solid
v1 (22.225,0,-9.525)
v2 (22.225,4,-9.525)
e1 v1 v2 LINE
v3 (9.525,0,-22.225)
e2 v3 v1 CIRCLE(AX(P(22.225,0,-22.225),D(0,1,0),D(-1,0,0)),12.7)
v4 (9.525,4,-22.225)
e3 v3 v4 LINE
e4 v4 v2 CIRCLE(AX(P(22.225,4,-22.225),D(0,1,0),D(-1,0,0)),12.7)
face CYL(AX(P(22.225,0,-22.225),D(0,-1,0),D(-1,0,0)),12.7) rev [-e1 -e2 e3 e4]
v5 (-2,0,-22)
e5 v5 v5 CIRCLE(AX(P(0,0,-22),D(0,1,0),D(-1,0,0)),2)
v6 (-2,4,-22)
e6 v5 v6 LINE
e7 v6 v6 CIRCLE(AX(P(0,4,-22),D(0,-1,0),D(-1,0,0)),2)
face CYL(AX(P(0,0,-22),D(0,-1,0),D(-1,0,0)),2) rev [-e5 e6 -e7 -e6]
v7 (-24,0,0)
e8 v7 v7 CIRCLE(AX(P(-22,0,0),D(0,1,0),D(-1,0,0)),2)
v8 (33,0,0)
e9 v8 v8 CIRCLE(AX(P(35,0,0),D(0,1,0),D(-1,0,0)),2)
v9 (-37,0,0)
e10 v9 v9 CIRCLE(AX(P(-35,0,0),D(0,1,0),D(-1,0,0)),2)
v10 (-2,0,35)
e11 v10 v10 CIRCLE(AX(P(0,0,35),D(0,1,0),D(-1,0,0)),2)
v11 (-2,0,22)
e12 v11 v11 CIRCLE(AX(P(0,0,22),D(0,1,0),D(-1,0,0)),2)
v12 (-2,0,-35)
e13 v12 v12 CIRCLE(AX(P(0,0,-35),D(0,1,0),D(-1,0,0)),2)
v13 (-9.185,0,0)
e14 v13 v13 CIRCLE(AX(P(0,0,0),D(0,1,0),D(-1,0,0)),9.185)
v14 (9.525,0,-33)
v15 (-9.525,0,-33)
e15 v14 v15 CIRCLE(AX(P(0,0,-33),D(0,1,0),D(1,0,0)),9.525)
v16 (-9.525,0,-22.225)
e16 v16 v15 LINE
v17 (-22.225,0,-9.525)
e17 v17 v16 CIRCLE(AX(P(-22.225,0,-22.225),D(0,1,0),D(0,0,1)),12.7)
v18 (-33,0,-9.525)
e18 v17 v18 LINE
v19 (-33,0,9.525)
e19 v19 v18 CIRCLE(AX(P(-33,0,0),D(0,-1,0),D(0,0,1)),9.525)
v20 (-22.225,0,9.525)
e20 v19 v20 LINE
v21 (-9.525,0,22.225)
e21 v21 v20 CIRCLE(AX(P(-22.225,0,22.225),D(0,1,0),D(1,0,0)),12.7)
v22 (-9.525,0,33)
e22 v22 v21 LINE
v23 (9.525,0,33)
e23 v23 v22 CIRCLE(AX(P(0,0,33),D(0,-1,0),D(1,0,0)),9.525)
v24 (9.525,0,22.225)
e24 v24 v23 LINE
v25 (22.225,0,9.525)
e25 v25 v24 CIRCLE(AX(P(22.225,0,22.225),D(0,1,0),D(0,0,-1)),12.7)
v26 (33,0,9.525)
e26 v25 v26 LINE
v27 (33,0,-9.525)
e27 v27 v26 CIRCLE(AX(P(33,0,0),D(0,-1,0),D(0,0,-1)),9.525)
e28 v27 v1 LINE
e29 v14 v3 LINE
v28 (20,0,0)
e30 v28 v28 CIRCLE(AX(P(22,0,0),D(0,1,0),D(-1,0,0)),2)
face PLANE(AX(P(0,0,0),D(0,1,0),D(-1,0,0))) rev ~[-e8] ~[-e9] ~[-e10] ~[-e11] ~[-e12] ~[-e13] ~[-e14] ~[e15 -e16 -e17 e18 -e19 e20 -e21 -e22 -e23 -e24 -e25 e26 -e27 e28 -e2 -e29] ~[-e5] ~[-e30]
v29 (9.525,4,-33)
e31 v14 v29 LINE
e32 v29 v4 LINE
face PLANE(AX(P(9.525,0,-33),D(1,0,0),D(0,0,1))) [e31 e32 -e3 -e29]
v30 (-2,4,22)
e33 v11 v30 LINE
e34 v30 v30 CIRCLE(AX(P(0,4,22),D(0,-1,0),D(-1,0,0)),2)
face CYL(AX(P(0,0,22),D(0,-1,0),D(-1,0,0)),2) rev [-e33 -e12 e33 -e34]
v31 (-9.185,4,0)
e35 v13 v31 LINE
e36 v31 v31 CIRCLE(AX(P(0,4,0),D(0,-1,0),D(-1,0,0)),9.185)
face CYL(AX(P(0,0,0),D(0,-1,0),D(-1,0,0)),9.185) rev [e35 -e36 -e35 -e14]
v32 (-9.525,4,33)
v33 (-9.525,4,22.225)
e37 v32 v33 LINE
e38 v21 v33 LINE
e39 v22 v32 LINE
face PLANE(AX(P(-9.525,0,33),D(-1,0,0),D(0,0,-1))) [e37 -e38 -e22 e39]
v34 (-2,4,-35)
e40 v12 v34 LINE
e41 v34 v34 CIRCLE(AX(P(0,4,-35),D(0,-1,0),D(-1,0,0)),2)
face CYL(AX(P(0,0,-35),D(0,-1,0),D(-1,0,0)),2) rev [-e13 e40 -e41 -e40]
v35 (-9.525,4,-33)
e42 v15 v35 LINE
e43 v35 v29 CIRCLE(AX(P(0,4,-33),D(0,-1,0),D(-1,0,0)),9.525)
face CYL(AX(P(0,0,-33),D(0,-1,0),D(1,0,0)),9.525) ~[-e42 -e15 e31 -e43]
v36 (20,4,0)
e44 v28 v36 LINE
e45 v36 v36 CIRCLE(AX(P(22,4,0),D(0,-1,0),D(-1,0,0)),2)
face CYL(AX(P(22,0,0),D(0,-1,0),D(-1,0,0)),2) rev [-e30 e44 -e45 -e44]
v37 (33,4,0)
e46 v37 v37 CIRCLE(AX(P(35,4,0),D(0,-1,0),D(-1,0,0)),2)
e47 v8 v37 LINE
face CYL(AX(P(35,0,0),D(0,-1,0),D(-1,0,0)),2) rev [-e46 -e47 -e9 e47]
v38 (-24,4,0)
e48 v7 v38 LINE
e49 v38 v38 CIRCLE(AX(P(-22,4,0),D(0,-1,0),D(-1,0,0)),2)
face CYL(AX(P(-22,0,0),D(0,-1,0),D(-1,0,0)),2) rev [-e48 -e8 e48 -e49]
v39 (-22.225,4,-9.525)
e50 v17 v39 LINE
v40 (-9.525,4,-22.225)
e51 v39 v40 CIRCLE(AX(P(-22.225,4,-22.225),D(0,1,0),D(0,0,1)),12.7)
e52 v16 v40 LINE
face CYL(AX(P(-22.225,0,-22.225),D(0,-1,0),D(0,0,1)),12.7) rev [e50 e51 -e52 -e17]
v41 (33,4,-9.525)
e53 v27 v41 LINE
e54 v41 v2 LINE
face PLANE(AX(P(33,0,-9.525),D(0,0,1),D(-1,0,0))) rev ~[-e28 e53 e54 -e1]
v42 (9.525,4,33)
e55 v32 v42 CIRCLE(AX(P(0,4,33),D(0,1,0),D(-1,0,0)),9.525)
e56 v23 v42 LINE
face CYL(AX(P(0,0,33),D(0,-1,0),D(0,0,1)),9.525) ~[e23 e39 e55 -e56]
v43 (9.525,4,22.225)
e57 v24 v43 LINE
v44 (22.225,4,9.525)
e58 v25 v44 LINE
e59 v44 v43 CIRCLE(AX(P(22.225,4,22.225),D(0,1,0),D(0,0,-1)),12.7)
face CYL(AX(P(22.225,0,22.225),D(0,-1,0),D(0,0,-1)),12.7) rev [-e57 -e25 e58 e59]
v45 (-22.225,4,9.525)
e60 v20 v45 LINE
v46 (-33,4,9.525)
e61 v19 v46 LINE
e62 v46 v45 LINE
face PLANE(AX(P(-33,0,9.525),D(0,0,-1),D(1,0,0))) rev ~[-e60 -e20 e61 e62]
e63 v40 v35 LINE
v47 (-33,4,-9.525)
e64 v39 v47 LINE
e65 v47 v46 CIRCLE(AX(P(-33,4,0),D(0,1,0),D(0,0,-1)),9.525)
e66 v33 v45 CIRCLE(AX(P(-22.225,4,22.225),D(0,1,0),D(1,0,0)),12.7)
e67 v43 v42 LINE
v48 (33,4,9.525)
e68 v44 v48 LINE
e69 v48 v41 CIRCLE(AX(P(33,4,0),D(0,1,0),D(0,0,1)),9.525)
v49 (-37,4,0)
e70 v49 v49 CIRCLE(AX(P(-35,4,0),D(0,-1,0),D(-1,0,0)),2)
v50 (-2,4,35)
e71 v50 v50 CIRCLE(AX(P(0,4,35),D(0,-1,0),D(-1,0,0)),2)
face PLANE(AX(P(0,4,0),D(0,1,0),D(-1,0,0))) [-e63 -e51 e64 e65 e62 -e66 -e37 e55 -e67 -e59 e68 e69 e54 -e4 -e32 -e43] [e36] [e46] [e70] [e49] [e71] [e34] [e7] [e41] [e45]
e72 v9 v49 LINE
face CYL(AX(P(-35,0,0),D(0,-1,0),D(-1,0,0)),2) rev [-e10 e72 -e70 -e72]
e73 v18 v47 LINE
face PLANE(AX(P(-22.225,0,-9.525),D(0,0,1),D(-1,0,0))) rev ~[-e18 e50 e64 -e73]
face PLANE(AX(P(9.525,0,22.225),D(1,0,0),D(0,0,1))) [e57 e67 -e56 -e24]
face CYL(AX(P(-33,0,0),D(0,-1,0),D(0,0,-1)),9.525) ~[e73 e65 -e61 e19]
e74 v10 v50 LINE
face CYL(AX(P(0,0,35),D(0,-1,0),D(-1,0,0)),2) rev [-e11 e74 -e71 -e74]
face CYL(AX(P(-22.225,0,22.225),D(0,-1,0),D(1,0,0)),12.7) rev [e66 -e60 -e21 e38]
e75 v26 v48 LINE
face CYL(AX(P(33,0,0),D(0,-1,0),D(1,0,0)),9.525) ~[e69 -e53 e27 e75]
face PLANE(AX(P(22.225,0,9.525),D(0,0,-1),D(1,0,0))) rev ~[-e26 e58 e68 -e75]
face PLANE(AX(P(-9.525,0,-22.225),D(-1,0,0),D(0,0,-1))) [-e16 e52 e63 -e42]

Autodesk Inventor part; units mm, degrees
ref_plane "YZ Plane" through (0, 0, 0) normal (1, 0, 0) x (0, 1, 0)
ref_plane "XZ Plane" through (0, 0, 0) normal (0, 1, 0) x (-1, 0, 0)
ref_plane "XY Plane" through (0, 0, 0) normal (0, 0, 1) x (1, 0, 0)
sketch "Sketch1" plane through (0, 0, 0) normal (0, 1, 0) x (-1, 0, 0)
  line L0 (-9.525, -33) -> (-9.525, -22.225)
  line L1 (-9.525, 22.225) -> (-9.525, 33)
  line L2 (33, 9.525) -> (22.225, 9.525)
  line L3 (-22.225, 9.525) -> (-33, 9.525)
  line L4 (9.525, 33) -> (9.525, 22.225)
  line L5 (9.525, -22.225) -> (9.525, -33)
  line L6 (-33, -9.525) -> (-22.225, -9.525)
  line L7 (22.225, -9.525) -> (33, -9.525)
  line L8 (77.6073, 0) -> (-79.7857, 0) projected
  line L9 (0, -77.9019) -> (0, 71.2895) projected
  circle A0 centre (-35, 0) radius 2
  circle A1 centre (-22, 0) radius 2
  circle A2 centre (0, -22) radius 2
  circle A3 centre (0, -35) radius 2
  circle A4 centre (22, 0) radius 2
  circle A5 centre (35, 0) radius 2
  circle A6 centre (0, 22) radius 2
  circle A7 centre (0, 35) radius 2
  circle A8 centre (0, 0) radius 9.185
  line L10 (-57.3009, 49.9764) -> (55.1226, 49.9764) construction
  line L11 (55.1226, 49.9764) -> (55.1226, -56.5889) construction
  line L12 (55.1226, -56.5889) -> (-57.3009, -56.5889) construction
  line L13 (-57.3009, -56.5889) -> (-57.3009, 49.9764) construction
  arc A9 (9.525, 33) -> (0, 42.525) centre (0, 33) ccw
  arc A10 (0, 42.525) -> (-9.525, 33) centre (0, 33) ccw
  arc A11 (42.525, 0) -> (33, 9.525) centre (33, 0) ccw
  arc A12 (33, -9.525) -> (42.525, 0) centre (33, 0) ccw
  arc A13 (0, -42.525) -> (9.525, -33) centre (0, -33) ccw
  arc A14 (-9.525, -33) -> (0, -42.525) centre (0, -33) ccw
  arc A15 (-42.525, 0) -> (-33, -9.525) centre (-33, 0) ccw
  arc A16 (-33, 9.525) -> (-42.525, 0) centre (-33, 0) ccw
  arc A17 (9.525, 22.225) -> (22.225, 9.525) centre (22.225, 22.225) ccw
  arc A18 (22.225, -9.525) -> (9.525, -22.225) centre (22.225, -22.225) ccw
  arc A19 (-9.525, -22.225) -> (-22.225, -9.525) centre (-22.225, -22.225) ccw
  arc A20 (-22.225, 9.525) -> (-9.525, 22.225) centre (-22.225, 22.225) ccw
  point P0 (0, 42.525)
  point P1 (42.525, 0)
  point P2 (0, -42.525)
  point P3 (-42.525, 0)
  point P4 (42.525, 0)
  point P5 (0, 42.525)
  point P6 (-42.525, 0)
  dimension "d2" = 360
  dimension "d4" = 4
  dimension "d5" = 22
  dimension "d6" = 35
  dimension "d7" = 18.37
  dimension "d39" = 9.525
  dimension "d41" = 9.525
  dimension "d46" = 12.7
extrude "Extrusion1" add sketch "Sketch1" along normal blind 4 contours L0 A19 L6 A15 L8 A0 A1 A8 L9 A2 A3 A14 | L9 A3 A2 A8 L8 A4 A5 A12 L7 A18 L5 A13 | A16 L3 A20 L1 A10 L9 A7 A6 A8 L8 A1 A0 | L8 A5 A4 A8 L9 A6 A7 A9 L4 A17 L2 A11
properties part number "DriveMotorPlate"
